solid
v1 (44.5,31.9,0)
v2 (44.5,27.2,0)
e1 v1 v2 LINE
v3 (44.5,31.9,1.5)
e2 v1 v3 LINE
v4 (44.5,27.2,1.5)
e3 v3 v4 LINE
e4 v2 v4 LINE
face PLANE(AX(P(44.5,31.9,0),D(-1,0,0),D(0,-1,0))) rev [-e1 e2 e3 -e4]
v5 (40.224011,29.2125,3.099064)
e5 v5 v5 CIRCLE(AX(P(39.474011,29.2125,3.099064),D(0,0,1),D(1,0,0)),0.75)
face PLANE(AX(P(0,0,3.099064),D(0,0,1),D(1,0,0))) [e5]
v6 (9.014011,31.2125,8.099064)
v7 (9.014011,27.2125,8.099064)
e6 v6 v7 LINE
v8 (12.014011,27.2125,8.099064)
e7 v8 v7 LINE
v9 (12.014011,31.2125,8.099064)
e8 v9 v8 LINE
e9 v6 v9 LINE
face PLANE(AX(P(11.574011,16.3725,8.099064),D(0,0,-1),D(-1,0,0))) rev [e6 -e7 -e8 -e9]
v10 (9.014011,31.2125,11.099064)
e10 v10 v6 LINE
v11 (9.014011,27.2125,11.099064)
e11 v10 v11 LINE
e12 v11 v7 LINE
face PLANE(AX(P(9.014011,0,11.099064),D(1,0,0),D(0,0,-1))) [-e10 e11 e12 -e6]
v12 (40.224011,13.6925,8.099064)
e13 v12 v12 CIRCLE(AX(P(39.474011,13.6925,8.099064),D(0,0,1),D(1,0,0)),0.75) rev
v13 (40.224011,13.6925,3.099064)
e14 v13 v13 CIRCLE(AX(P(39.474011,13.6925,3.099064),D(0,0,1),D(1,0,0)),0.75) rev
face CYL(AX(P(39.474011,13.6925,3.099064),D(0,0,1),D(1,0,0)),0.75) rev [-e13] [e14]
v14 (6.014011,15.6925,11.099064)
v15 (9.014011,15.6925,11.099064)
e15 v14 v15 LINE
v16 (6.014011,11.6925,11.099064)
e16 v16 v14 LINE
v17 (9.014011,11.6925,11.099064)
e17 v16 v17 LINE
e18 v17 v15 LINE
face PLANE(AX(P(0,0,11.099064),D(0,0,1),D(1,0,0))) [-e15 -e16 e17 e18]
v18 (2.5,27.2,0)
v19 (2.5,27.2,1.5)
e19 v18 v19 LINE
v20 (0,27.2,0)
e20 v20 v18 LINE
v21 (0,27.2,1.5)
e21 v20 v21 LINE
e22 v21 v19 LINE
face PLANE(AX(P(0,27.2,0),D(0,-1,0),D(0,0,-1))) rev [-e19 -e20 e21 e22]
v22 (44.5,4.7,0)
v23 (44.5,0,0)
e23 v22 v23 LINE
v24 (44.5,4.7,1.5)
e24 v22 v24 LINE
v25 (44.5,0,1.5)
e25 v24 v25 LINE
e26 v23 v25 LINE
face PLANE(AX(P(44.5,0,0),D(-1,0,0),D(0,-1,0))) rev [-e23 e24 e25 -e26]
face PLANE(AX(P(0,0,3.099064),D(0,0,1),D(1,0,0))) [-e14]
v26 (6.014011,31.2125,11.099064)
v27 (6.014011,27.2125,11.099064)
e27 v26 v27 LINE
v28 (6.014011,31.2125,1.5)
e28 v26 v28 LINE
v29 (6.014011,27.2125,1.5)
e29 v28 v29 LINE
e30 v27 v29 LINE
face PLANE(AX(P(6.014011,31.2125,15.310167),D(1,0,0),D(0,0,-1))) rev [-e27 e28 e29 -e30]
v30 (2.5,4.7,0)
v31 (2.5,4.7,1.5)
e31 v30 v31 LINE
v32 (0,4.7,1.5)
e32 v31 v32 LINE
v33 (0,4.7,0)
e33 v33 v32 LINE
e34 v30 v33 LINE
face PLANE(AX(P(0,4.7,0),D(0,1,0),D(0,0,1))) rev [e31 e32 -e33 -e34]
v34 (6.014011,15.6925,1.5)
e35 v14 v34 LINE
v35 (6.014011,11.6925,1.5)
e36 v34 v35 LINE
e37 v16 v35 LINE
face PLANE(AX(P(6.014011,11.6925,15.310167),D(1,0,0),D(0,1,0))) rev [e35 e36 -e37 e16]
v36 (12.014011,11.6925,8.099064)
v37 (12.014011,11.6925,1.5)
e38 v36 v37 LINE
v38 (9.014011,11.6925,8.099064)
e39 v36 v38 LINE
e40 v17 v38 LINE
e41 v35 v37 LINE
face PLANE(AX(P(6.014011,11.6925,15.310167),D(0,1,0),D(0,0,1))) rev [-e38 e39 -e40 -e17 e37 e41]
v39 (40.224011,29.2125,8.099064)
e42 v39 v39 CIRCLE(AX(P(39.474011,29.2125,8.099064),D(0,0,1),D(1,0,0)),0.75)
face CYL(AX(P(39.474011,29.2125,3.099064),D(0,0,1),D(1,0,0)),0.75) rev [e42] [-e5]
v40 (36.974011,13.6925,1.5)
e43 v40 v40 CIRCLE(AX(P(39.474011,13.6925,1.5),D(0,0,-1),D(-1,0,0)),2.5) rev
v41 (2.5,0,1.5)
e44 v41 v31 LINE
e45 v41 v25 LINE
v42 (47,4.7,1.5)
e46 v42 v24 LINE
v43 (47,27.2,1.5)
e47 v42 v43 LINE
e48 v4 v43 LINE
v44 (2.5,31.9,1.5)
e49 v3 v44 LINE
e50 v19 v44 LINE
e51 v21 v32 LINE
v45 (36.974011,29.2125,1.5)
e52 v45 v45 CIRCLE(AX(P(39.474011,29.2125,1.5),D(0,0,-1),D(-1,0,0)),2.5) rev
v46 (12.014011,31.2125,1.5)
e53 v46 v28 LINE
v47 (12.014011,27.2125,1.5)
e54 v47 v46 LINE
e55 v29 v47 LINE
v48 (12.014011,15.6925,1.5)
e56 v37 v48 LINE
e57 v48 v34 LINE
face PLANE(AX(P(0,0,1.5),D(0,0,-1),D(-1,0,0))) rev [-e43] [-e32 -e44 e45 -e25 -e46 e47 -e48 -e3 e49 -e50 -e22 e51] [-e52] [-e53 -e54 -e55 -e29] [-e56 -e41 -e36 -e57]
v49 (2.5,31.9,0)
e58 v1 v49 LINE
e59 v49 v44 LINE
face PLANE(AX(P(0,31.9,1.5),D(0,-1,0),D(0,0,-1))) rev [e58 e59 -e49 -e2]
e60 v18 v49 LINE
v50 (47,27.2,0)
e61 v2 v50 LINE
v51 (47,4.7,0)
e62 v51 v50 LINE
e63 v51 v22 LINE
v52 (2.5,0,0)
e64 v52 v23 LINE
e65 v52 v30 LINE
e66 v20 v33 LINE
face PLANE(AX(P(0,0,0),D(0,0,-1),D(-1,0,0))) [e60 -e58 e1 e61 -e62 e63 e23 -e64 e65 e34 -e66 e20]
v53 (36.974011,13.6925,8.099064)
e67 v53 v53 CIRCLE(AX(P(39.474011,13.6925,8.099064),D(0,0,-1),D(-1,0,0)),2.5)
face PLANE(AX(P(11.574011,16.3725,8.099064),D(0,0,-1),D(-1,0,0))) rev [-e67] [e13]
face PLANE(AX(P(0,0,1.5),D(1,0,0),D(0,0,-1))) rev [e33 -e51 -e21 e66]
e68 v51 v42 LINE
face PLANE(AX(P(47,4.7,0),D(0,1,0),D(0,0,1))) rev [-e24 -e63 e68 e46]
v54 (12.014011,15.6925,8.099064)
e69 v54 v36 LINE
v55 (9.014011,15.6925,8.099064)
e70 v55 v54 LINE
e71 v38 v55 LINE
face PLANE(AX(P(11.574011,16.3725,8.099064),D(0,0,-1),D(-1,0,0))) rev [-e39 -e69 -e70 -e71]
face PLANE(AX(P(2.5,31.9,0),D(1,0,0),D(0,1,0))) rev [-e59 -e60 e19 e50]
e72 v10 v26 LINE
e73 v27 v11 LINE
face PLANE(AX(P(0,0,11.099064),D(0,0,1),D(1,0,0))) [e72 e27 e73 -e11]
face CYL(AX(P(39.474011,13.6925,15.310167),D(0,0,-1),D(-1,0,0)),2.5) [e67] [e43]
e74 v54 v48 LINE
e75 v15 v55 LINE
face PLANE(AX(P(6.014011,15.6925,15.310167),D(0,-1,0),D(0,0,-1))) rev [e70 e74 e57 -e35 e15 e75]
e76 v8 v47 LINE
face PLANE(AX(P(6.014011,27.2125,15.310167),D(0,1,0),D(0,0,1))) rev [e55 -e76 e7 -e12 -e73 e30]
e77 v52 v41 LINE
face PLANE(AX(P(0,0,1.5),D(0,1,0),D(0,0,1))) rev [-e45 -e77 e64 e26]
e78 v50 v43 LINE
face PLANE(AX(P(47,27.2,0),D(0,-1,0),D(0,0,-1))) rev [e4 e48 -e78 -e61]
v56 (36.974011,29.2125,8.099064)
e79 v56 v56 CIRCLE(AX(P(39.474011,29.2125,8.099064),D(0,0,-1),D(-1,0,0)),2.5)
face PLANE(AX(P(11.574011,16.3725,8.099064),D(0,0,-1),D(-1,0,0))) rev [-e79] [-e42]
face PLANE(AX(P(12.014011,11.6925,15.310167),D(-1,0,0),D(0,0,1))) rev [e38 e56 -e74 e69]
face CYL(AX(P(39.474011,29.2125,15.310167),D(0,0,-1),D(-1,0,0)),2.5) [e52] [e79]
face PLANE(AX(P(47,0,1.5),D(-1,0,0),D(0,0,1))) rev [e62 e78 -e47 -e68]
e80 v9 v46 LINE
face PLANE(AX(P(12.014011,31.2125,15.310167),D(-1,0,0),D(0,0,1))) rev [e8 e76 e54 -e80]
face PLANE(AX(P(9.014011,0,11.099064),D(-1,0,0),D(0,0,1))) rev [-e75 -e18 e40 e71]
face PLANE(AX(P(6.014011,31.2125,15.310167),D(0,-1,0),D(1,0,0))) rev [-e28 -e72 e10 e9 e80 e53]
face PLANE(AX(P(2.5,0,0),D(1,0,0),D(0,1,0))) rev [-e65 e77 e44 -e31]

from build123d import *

# Parameters (mm, degrees)
ESQUISSE1_W             = 47
ESQUISSE1_H             = 31.9
BOSS_EXTRU_1_DEPTH      = 1.5
ESQUISSE2_W             = 2.5
ESQUISSE2_H             = 4.7
ENL_V_MAT_EXTRU_1_DEPTH = 2.5
ESQUISSE3_R             = 2.5
ESQUISSE3_W             = 6
ESQUISSE3_H             = 4
BOSS_EXTRU_2_DEPTH      = 6.599064
ESQUISSE4_W             = 3
ESQUISSE4_H             = 4
BOSS_EXTRU_3_DEPTH      = 3
ESQUISSE4_3_R           = 0.75
ENL_V_MAT_EXTRU_2_DEPTH = 5


with BuildPart() as part:
    # Esquisse1 → Boss.-Extru.1 (new body)
    with BuildSketch(Plane.XY):
        with Locations((23.5, 15.95)):
            Rectangle(ESQUISSE1_W, ESQUISSE1_H)
    extrude(amount=BOSS_EXTRU_1_DEPTH)

    # Esquisse2 → Enl_v. mat.-Extru.1 (cut, through all)
    with BuildSketch(Plane.XY.offset(1.5)):
        with Locations((45.75, 29.55)):
            Rectangle(ESQUISSE2_W, ESQUISSE2_H)
        with Locations((45.75, 2.35)):
            Rectangle(ESQUISSE2_W, ESQUISSE2_H)
        with Locations((1.25, 2.35)):
            Rectangle(ESQUISSE2_W, ESQUISSE2_H)
        with Locations((1.25, 29.55)):
            Rectangle(ESQUISSE2_W, ESQUISSE2_H)
    extrude(amount=-ENL_V_MAT_EXTRU_1_DEPTH, mode=Mode.SUBTRACT)

    # Esquisse3 → Boss.-Extru.2 (add)
    with BuildSketch(Plane.XY.offset(1.5)):
        with Locations((39.474011, 29.2125)):
            Circle(ESQUISSE3_R)
        with Locations((39.474011, 13.6925)):
            Circle(ESQUISSE3_R)
        with Locations((9.014011, 29.2125)):
            Rectangle(ESQUISSE3_W, ESQUISSE3_H)
        with Locations((9.014011, 13.6925)):
            Rectangle(ESQUISSE3_W, ESQUISSE3_H)
    extrude(amount=BOSS_EXTRU_2_DEPTH)

    # Esquisse4 → Boss.-Extru.3 (add)
    with BuildSketch(Plane.XY.offset(8.099064)):
        with Locations((7.514011, 13.6925)):
            Rectangle(ESQUISSE4_W, ESQUISSE4_H)
        with Locations((7.514011, 29.2125)):
            Rectangle(ESQUISSE4_W, ESQUISSE4_H)
    extrude(amount=BOSS_EXTRU_3_DEPTH)

    # Esquisse4_3 → Enl_v. mat.-Extru.2 (cut)
    with BuildSketch(Plane.XY.offset(8.099064)):
        with Locations((39.474011, 29.2125)):
            Circle(ESQUISSE4_3_R)
        with Locations((39.474011, 13.6925)):
            Circle(ESQUISSE4_3_R)
    extrude(amount=-ENL_V_MAT_EXTRU_2_DEPTH, mode=Mode.SUBTRACT)


solid = part.part
